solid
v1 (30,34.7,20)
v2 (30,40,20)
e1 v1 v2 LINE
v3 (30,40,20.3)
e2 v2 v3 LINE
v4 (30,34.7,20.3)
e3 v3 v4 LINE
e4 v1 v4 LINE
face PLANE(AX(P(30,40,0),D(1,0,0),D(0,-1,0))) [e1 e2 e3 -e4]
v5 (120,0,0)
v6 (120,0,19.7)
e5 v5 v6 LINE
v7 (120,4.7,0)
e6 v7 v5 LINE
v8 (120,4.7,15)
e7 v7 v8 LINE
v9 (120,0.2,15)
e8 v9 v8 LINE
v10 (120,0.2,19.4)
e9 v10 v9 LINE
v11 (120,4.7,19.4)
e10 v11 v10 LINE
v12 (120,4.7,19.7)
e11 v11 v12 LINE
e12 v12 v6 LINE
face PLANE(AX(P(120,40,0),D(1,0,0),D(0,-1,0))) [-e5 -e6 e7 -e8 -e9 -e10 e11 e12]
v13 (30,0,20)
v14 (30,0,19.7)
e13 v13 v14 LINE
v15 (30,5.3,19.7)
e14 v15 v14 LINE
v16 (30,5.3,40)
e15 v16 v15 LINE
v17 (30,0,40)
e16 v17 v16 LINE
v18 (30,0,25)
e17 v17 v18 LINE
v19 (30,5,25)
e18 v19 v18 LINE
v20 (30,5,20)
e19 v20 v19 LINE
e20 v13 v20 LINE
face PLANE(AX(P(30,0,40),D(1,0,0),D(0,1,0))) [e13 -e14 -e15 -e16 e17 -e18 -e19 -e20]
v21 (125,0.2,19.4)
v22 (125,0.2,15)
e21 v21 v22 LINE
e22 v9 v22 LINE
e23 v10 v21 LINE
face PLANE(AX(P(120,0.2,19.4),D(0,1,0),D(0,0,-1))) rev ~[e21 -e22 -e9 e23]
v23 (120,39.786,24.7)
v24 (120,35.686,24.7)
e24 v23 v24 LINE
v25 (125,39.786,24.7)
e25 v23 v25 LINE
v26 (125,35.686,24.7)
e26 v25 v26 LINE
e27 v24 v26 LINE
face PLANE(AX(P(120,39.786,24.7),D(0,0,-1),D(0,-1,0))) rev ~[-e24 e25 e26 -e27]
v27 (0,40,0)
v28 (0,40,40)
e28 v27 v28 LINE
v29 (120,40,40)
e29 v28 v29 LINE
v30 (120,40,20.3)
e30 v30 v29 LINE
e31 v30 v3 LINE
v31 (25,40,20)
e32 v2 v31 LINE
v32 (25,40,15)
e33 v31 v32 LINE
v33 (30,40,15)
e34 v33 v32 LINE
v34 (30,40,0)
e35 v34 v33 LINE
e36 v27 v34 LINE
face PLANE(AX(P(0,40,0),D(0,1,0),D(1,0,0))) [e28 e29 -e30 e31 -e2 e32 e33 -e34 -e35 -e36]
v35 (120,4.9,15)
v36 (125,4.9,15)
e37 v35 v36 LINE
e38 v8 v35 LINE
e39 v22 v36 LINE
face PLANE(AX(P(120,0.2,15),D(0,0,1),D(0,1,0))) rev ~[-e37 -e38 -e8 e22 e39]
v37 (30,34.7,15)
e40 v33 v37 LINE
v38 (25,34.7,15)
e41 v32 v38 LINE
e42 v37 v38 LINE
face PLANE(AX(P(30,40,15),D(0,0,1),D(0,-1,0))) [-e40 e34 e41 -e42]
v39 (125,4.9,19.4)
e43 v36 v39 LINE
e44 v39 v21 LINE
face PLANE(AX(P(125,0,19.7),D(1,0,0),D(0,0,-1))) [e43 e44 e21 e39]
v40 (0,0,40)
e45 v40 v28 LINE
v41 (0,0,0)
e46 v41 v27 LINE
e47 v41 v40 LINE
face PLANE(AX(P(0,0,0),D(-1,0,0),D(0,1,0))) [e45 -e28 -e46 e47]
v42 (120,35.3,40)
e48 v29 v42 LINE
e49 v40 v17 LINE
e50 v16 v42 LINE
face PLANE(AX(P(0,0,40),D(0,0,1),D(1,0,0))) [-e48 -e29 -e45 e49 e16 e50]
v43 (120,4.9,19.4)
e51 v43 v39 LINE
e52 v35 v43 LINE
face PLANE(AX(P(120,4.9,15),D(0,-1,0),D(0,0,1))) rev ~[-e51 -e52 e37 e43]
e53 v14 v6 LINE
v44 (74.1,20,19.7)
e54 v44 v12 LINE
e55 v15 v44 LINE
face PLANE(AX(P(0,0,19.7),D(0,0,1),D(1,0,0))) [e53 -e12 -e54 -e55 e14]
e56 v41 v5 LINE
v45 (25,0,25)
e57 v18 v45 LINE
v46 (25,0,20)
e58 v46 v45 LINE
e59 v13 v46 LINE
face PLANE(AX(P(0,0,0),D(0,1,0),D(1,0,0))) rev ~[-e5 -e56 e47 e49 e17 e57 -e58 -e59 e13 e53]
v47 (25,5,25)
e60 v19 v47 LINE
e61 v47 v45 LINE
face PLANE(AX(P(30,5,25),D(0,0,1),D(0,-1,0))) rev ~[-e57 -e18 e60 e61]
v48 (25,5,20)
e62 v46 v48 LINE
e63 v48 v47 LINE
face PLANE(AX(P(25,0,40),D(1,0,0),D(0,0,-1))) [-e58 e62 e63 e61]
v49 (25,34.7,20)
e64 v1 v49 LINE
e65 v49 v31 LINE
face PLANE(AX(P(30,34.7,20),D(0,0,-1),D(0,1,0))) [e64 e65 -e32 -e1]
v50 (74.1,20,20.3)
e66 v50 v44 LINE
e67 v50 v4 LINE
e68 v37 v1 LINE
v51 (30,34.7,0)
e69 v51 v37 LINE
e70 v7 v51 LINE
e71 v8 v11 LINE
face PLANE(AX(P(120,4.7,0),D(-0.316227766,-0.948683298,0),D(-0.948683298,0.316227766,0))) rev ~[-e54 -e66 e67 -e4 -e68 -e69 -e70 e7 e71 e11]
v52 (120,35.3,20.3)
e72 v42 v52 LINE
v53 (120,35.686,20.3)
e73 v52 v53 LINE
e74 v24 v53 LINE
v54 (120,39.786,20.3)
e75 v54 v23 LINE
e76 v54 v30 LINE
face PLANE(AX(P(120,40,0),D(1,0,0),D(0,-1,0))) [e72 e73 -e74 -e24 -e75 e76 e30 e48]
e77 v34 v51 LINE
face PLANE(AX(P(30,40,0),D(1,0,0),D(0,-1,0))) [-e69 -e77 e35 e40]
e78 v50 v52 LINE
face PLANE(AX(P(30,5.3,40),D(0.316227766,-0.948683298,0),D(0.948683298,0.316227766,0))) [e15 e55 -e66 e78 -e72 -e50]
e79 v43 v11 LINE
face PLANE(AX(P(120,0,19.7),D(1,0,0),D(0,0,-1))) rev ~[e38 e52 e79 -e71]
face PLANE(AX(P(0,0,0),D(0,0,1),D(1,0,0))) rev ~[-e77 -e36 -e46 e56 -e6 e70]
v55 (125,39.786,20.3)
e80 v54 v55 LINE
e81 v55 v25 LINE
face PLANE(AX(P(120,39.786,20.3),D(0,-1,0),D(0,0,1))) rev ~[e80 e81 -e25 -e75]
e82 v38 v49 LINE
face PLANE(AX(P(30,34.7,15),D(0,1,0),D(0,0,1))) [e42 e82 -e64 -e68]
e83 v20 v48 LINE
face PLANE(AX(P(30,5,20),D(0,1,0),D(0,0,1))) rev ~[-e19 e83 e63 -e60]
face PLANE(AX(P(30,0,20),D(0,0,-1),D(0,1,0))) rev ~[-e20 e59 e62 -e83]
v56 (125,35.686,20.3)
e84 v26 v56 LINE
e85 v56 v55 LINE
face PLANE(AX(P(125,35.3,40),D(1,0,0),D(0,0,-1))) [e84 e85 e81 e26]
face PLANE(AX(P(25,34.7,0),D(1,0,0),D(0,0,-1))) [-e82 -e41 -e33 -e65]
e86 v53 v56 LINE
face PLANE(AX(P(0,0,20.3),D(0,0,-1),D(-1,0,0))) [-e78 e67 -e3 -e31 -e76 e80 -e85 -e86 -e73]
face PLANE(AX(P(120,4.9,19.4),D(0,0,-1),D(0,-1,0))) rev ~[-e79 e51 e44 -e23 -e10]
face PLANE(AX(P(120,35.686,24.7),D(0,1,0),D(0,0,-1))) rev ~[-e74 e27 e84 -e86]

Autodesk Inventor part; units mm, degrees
ref_plane "YZ Plane" through (0, 0, 0) normal (1, 0, 0) x (0, 1, 0)
ref_plane "XZ Plane" through (0, 0, 0) normal (0, 1, 0) x (-1, 0, 0)
ref_plane "XY Plane" through (0, 0, 0) normal (0, 0, 1) x (1, 0, 0)
sketch "Boceto1" plane through (0, 0, 0) normal (0, 0, 1) x (1, 0, 0)
  line L0 (0, 0) -> (120, 0)
  line L1 (0, 0) -> (0, 40)
  line L2 (0, 40) -> (120, 40)
  line L3 (120, 40) -> (120, 0)
  dimension "d0" = 120
  dimension "d1" = 40
extrude "Extrusión1" add sketch "Boceto1" along normal blind 40
sketch "Boceto2" plane through (0, 0, 40) normal (0, 0, 1) x (1, 0, 0)
  line L0 (0, 0) -> (120, 0) construction
  line L1 (0, 0) -> (30, 0) construction
  line L2 (30, 0) -> (120, 0) construction
  line L3 (120, 0) -> (120, 35.3) construction
  line L4 (120, 0) -> (120, 40) construction
  line L5 (30, 0) -> (120, 0)
  line L6 (120, 35.3) -> (120, 0)
  line L7 (30, 0) -> (30, 5.3)
  line L8 (30, 5.3) -> (120, 35.3)
  line L9 (30, 0) -> (30, 0.3)
  line L10 (30, 0.3) -> (120, 0.3)
  line L11 (30, 0.3) -> (120, 0.3) construction
  dimension "d4" = 30
  dimension "d5" = 35.3
  dimension "d6" = 5.3
  dimension "d46" = 0.3
  dimension "d47" = 90
  dimension "d48" = 0
extrude "Extrusión2" cut sketch "Boceto2" against normal blind 20.3
sketch "Boceto3" plane through (0, 0, 0) normal (0, 0, -1) x (-1, 0, 0)
  line L0 (0, 0) -> (-120, 0) construction
  line L1 (0, 40) -> (0, 0) construction
  line L2 (0, 0) -> (0, 40) construction
  line L3 (0, 0) -> (40, 0) construction
  line L4 (0, 40) -> (-30, 40) construction
  line L5 (-120, 40) -> (0, 40) construction
  line L6 (-30, 40) -> (-30, 34.7)
  line L7 (0, 0) -> (-30, 0) construction
  line L8 (-120, 0) -> (-120, 40) projected
  line L9 (-30, 0) -> (-120, 0)
  line L10 (-120, 0) -> (-120, 4.7)
  line L11 (-120, 0) -> (-115.3, 0) construction
  line L12 (-120, 4.7) -> (-30, 34.7)
  line L13 (-120, 35.3) -> (-120, 40) projected
  line L14 (-120, 4.7) -> (-120, 40)
  line L15 (-120, 40) -> (-30, 40)
  dimension "d9" = 40
  dimension "d10" = 90
  dimension "d11" = 30
  dimension "d12" = 5.3
  dimension "d13" = 30
  dimension "d14" = 4.7
  dimension "d15" = 90
extrude "Extrusión3" cut sketch "Boceto3" against normal blind 20.3
sketch "Boceto4" plane through (120, 35.3, 40) normal (1, 0, 0) x (0, 0, -1)
  line L0 (0, 4.7) -> (0, -35.3) projected
  line L1 (0, 0.386) -> (15.3, 0.386)
  line L2 (0, 0.386) -> (15.3, 0.386) construction
  line L3 (15.3, 0.386) -> (19.7, 0.386)
  line L4 (19.7, 0.386) -> (19.7, 4.486)
  line L5 (19.7, 4.486) -> (15.3, 4.486)
  line L6 (15.3, 4.486) -> (15.3, 0.386)
  line L7 (19.7, 4.7) -> (0, 4.7) projected
  point P0 (40, -35.3)
  dimension "d18" = 15.3
  dimension "d20" = 4.4
  dimension "d21" = 4.1
  dimension "d49" = 0.214
extrude "Extrusión4" add sketch "Boceto4" along normal blind 5
sketch "Boceto6" plane through (30, 34.7, 0) normal (1, 0, 0) x (0, 0, -1)
  line L0 (0, 0) -> (-20.3, 0) projected
  line L1 (0, 0) -> (-15, 0)
  line L2 (-15, 0) -> (-20, 0)
  line L3 (-20, 0) -> (-20, 5.3)
  line L4 (-20, 5.3) -> (-15, 5.3)
  line L5 (-15, 5.3) -> (-15, 0)
  point P0 (0, -34.7)
  dimension "d28" = 15
  dimension "d29" = 5
  dimension "d30" = 5.3
extrude "Extrusión6" cut sketch "Boceto6" against normal blind 5
sketch "Boceto7" plane through (30, 0, 40) normal (1, 0, 0) x (0, 0, -1)
  line L0 (20.3, 0) -> (0, 0) projected
  line L1 (0, 0) -> (15, 0)
  line L2 (15, 0) -> (20, 0)
  line L3 (20, 0) -> (20, 5)
  line L4 (20, 5) -> (15, 5)
  line L5 (15, 5) -> (15, 0)
  point P0 (40, 0)
  dimension "d33" = 15
  dimension "d34" = 5
  dimension "d35" = 5
extrude "Extrusión7" cut sketch "Boceto7" against normal blind 5
sketch "Boceto8" plane through (120, 0, 19.7) normal (1, 0, 0) x (0, 0, -1)
  line L0 (0, 4.7) -> (0, 0) projected
  line L1 (0, 0) -> (0.3, 0)
  line L2 (0, 0) -> (0.3, 0) construction
  line L3 (0.3, 0) -> (0.3, 0.2)
  line L4 (19.7, 0) -> (-20.3, 0) projected
  line L5 (0.3, 0) -> (0.5, 0) construction
  line L6 (0.3, 0.2) -> (4.7, 0.2)
  line L7 (4.7, 0.2) -> (4.7, 4.9)
  line L8 (4.7, 4.9) -> (0.3, 4.9)
  line L9 (0.3, 4.9) -> (0.3, 0.2)
  dimension "d38" = 0.3
  dimension "d39" = 0
  dimension "d40" = 0.2
  dimension "d41" = 90
  dimension "d42" = 4.4
  dimension "d43" = 4.7
extrude "Extrusión8" add sketch "Boceto8" along normal blind 5
equation "\"d40\" = Ajuste_02"
equation "\"Ajuste_01\" = 0.1"
equation "\"Ajuste_02\" = 0.2"
equation "\"Ajuste_04\" = 0.4"
equation "\"Ajuste_05\" = 0.5"
properties part number "Hembra_parametrizada"
